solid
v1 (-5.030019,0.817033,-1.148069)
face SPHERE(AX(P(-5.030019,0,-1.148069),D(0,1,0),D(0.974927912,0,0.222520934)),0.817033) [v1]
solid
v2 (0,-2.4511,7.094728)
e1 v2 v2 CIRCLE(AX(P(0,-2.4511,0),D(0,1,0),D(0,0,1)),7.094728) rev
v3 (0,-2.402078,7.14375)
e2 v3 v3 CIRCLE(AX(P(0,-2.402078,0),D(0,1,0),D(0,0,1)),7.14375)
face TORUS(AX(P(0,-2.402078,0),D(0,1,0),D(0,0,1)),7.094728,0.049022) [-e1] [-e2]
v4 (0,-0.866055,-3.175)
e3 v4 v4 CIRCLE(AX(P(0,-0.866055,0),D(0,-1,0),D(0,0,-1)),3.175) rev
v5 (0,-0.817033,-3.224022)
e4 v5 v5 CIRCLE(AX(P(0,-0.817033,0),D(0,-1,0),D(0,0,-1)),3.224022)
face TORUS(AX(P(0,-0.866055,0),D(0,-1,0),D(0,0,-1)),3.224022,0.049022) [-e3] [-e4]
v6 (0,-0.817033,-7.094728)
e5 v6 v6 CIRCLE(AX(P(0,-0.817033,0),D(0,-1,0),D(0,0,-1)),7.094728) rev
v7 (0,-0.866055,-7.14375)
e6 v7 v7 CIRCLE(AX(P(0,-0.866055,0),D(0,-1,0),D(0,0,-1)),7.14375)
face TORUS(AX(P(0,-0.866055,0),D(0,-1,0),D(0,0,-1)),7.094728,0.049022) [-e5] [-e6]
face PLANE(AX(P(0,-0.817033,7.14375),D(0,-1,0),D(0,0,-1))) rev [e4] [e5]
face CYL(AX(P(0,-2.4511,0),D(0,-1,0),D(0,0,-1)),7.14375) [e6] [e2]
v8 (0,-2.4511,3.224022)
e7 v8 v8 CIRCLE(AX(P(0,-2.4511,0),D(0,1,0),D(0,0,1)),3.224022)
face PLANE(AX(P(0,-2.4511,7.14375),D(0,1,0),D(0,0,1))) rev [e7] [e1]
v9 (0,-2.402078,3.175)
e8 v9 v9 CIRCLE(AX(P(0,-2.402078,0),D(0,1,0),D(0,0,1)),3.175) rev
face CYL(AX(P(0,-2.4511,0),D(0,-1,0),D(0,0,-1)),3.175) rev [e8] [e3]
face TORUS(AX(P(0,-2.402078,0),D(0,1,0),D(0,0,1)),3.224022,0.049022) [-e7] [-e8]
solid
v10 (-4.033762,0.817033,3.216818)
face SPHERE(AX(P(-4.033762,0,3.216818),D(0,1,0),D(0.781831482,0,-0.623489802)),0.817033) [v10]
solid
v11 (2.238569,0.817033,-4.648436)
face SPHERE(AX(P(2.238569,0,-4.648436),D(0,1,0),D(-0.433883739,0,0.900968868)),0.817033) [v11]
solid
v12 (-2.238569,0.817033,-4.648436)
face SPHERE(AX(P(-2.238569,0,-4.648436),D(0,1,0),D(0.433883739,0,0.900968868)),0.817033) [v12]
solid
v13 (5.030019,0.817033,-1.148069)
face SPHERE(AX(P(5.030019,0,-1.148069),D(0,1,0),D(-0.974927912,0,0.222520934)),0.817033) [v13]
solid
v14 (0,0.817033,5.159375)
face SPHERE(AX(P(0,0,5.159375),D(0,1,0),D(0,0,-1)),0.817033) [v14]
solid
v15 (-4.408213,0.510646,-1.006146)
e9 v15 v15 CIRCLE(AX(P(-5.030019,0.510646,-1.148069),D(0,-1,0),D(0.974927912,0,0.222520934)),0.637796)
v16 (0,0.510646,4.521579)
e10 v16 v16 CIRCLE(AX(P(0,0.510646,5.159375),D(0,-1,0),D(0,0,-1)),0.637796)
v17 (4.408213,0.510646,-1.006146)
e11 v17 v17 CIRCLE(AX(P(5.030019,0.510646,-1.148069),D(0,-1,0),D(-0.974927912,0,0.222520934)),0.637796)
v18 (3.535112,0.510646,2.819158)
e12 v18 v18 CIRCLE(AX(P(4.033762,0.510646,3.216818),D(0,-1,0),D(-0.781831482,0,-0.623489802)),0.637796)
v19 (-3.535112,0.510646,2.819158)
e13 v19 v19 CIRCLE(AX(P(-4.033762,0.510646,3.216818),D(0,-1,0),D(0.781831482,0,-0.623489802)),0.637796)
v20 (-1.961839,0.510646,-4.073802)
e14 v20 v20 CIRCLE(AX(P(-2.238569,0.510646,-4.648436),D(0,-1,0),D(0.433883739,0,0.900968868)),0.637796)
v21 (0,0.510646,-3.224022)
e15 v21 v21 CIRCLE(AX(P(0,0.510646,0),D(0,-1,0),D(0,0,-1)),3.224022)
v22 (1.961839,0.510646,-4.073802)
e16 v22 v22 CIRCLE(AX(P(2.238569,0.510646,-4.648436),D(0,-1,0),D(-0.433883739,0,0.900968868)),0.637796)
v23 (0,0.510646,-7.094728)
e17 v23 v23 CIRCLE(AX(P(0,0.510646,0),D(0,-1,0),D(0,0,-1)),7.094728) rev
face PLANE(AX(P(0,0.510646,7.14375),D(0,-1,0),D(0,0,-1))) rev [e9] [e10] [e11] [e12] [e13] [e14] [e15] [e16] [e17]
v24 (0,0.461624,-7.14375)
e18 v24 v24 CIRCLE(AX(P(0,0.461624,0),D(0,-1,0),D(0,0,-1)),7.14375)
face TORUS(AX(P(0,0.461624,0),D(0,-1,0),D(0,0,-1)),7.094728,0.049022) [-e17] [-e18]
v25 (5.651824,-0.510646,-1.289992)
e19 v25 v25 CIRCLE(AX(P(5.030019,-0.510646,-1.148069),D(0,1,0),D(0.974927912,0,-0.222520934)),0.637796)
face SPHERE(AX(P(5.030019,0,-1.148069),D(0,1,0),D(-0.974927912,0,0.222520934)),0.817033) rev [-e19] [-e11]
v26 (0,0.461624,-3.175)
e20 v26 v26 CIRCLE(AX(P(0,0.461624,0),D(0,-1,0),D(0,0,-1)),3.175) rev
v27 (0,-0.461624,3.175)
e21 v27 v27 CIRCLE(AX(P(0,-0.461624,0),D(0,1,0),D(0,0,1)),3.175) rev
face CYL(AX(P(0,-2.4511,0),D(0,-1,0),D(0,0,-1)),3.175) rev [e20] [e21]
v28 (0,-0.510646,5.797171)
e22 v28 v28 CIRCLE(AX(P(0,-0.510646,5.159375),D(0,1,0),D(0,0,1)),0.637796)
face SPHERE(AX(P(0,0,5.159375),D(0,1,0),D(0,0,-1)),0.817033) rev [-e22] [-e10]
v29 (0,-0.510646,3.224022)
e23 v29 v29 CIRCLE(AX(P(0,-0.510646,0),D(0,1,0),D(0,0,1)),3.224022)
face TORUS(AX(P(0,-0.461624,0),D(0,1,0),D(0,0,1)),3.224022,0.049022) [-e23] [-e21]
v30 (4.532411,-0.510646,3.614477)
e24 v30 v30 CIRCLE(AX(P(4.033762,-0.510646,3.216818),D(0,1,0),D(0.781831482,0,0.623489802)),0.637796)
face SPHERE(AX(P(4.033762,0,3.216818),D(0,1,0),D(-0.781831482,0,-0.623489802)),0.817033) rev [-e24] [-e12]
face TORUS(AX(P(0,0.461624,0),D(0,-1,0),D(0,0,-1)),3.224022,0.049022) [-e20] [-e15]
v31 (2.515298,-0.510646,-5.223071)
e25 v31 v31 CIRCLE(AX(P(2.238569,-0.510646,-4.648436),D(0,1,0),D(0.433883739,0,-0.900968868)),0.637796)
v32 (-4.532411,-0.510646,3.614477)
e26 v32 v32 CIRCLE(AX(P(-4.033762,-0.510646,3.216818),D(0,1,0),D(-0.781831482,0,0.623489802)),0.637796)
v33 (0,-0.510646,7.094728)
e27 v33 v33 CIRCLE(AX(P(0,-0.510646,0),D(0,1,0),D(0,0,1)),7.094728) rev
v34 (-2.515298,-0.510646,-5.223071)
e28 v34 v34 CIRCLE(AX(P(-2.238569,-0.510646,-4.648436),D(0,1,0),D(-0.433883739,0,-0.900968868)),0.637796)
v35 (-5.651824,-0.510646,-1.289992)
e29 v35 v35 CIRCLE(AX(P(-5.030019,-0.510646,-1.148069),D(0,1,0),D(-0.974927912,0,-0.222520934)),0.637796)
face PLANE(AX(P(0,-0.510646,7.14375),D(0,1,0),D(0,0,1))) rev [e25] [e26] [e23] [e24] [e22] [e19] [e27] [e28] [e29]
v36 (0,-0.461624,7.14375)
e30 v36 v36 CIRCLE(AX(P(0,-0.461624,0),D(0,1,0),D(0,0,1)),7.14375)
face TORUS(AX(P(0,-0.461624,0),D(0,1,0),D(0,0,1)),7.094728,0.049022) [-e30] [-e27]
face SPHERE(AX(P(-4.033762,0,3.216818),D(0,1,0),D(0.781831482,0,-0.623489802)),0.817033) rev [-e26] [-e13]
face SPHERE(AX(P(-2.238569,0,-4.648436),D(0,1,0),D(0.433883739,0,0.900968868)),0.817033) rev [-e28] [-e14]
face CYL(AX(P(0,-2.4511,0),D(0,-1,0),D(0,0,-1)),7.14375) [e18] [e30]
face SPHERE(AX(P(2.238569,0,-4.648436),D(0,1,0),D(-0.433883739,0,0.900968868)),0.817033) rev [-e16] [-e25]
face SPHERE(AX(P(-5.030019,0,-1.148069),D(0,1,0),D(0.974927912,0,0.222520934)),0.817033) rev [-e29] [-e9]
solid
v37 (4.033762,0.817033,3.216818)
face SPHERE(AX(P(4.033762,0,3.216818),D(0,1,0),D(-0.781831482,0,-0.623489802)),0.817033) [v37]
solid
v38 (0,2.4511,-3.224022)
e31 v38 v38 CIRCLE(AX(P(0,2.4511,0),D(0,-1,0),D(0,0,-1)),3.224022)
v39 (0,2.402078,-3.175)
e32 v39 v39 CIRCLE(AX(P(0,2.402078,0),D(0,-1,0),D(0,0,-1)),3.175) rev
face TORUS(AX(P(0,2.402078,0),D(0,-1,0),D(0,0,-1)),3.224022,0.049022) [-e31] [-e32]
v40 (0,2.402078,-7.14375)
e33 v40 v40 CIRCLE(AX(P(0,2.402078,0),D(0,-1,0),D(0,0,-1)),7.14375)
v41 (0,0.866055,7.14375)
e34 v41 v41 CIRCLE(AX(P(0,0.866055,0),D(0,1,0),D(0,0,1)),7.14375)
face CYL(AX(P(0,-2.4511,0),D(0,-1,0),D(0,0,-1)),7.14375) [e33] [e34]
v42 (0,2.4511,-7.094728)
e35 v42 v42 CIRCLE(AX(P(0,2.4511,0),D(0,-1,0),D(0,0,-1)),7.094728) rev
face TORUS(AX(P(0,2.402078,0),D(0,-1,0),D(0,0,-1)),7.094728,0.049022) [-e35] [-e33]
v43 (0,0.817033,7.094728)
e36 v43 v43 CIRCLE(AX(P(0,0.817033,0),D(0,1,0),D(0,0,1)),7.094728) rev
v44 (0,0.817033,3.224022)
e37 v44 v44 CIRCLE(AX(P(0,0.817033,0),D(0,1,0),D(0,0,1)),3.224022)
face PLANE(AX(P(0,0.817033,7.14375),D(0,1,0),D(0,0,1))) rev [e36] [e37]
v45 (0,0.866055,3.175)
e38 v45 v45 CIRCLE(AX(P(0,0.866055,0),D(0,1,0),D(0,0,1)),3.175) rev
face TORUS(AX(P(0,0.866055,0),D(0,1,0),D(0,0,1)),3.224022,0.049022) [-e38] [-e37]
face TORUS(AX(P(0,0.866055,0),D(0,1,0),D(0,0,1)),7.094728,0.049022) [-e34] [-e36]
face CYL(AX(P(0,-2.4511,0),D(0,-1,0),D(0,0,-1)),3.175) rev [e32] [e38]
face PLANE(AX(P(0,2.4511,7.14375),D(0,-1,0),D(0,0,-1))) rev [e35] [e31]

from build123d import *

# Parameters (mm, degrees)
SKETCH1_W         = 3.96875
SKETCH1_H         = 1.021291666
CIRPATTERN1_COUNT = 7
CIRPATTERN1_ANGLE = 308.571428571
CIRPATTERN2_COUNT = 7
SKETCH4_W         = 3.96875
SKETCH4_H         = 1.634066667
FILLET1_R         = 0.049022
FILLET2_R         = 0.049022
FILLET3_R         = 0.049022


with BuildPart() as part:
    # Sketch1 → Revolve1 (revolve)
    with BuildSketch(Plane(origin=(0, 0, 0), x_dir=(0, 0, -1), z_dir=(1, 0, 0))):
        with Locations((-5.159375, 0)):
            Rectangle(SKETCH1_W, SKETCH1_H)
    revolve(axis=Axis((0, -2.4511, 0), (0, 1, 0)))

    # Sketch3 → Cut-Revolve1 (revolve, cut)
    with BuildSketch(Plane(origin=(0, 0, 0), x_dir=(0, 0, -1), z_dir=(1, 0, 0))):
        with BuildLine():
            Line((-5.159375, 0.817033333), (-5.159375, -0.817033333))
            ThreePointArc((-5.159375, -0.817033333), (-5.976408333, 0), (-5.159375, 0.817033333))
        make_face()
    cut_revolve1 = revolve(axis=Axis((0, 0.817033333, 5.159375), (0, -1, 0)), mode=Mode.SUBTRACT)

    # CirPattern2: Cut-Revolve1 ×7 about axis
    cirpattern2_axis = Axis((0, 0, 0), (0, 1, 0))
    for i in range(1, CIRPATTERN2_COUNT):
        add(cut_revolve1.rotate(cirpattern2_axis, i * 360 / CIRPATTERN2_COUNT), mode=Mode.SUBTRACT)

    # Fillet2
    fillet2_edges = [part.edges().sort_by_distance(p)[0] for p in [
        (0, 0.510645833, -7.14375),
        (0, 0.510645833, -3.175),
        (0, -0.510645833, -3.175),
        (0, -0.510645833, -7.14375),
    ]]
    fillet(fillet2_edges, radius=FILLET2_R)


with BuildPart() as body_2:
    # Sketch2 → Revolve2 (revolve)
    with BuildSketch(Plane(origin=(0, 0, 0), x_dir=(0, 0, -1), z_dir=(1, 0, 0))):
        with BuildLine():
            Line((-5.159375, 0.817033333), (-5.159375, -0.817033333))
            ThreePointArc((-5.159375, -0.817033333), (-5.976408333, 0), (-5.159375, 0.817033333))
        make_face()
    revolve(axis=Axis((0, 0.817033333, 5.159375), (0, -1, 0)))


with BuildPart() as cirpattern1_1:
    # CirPattern1: pattern copy
    add(body_2.part.rotate(Axis((0, 2.4511, 0), (0, -1, 0)), 1 * CIRPATTERN1_ANGLE / (CIRPATTERN1_COUNT - 1)))


with BuildPart() as cirpattern1_2:
    # CirPattern1: pattern copy
    add(body_2.part.rotate(Axis((0, 2.4511, 0), (0, -1, 0)), 2 * CIRPATTERN1_ANGLE / (CIRPATTERN1_COUNT - 1)))


with BuildPart() as cirpattern1_3:
    # CirPattern1: pattern copy
    add(body_2.part.rotate(Axis((0, 2.4511, 0), (0, -1, 0)), 3 * CIRPATTERN1_ANGLE / (CIRPATTERN1_COUNT - 1)))


with BuildPart() as cirpattern1_4:
    # CirPattern1: pattern copy
    add(body_2.part.rotate(Axis((0, 2.4511, 0), (0, -1, 0)), 4 * CIRPATTERN1_ANGLE / (CIRPATTERN1_COUNT - 1)))


with BuildPart() as cirpattern1_5:
    # CirPattern1: pattern copy
    add(body_2.part.rotate(Axis((0, 2.4511, 0), (0, -1, 0)), 5 * CIRPATTERN1_ANGLE / (CIRPATTERN1_COUNT - 1)))


with BuildPart() as cirpattern1_6:
    # CirPattern1: pattern copy
    add(body_2.part.rotate(Axis((0, 2.4511, 0), (0, -1, 0)), 6 * CIRPATTERN1_ANGLE / (CIRPATTERN1_COUNT - 1)))


with BuildPart() as body_9:
    # Sketch4 → Revolve3 (revolve)
    with BuildSketch(Plane(origin=(0, 0, 0), x_dir=(0, 0, -1), z_dir=(1, 0, 0))):
        with Locations((-5.159375, 1.634066667)):
            Rectangle(SKETCH4_W, SKETCH4_H)
        with Locations((-5.159375, -1.634066667)):
            Rectangle(SKETCH4_W, SKETCH4_H)
    revolve(axis=Axis((0, -2.4511, 0), (0, 1, 0)))

    # Fillet1
    fillet1_edges = [body_9.edges().sort_by_distance(p)[0] for p in [
        (0, 0.817033333, -7.14375),
        (0, 0.817033333, -3.175),
        (0, 2.4511, -3.175),
        (0, 2.4511, -7.14375),
    ]]
    fillet(fillet1_edges, radius=FILLET1_R)

    # Fillet3
    fillet3_edges = [body_9.edges().sort_by_distance(p)[0] for p in [
        (0, -2.4511, -7.14375),
        (0, -2.4511, -3.175),
        (0, -0.817033333, -3.175),
        (0, -0.817033333, -7.14375),
    ]]
    fillet(fillet3_edges, radius=FILLET3_R)


solid = Compound([part.part, body_2.part, cirpattern1_1.part, cirpattern1_2.part, cirpattern1_3.part, cirpattern1_4.part, cirpattern1_5.part, cirpattern1_6.part, body_9.part])
